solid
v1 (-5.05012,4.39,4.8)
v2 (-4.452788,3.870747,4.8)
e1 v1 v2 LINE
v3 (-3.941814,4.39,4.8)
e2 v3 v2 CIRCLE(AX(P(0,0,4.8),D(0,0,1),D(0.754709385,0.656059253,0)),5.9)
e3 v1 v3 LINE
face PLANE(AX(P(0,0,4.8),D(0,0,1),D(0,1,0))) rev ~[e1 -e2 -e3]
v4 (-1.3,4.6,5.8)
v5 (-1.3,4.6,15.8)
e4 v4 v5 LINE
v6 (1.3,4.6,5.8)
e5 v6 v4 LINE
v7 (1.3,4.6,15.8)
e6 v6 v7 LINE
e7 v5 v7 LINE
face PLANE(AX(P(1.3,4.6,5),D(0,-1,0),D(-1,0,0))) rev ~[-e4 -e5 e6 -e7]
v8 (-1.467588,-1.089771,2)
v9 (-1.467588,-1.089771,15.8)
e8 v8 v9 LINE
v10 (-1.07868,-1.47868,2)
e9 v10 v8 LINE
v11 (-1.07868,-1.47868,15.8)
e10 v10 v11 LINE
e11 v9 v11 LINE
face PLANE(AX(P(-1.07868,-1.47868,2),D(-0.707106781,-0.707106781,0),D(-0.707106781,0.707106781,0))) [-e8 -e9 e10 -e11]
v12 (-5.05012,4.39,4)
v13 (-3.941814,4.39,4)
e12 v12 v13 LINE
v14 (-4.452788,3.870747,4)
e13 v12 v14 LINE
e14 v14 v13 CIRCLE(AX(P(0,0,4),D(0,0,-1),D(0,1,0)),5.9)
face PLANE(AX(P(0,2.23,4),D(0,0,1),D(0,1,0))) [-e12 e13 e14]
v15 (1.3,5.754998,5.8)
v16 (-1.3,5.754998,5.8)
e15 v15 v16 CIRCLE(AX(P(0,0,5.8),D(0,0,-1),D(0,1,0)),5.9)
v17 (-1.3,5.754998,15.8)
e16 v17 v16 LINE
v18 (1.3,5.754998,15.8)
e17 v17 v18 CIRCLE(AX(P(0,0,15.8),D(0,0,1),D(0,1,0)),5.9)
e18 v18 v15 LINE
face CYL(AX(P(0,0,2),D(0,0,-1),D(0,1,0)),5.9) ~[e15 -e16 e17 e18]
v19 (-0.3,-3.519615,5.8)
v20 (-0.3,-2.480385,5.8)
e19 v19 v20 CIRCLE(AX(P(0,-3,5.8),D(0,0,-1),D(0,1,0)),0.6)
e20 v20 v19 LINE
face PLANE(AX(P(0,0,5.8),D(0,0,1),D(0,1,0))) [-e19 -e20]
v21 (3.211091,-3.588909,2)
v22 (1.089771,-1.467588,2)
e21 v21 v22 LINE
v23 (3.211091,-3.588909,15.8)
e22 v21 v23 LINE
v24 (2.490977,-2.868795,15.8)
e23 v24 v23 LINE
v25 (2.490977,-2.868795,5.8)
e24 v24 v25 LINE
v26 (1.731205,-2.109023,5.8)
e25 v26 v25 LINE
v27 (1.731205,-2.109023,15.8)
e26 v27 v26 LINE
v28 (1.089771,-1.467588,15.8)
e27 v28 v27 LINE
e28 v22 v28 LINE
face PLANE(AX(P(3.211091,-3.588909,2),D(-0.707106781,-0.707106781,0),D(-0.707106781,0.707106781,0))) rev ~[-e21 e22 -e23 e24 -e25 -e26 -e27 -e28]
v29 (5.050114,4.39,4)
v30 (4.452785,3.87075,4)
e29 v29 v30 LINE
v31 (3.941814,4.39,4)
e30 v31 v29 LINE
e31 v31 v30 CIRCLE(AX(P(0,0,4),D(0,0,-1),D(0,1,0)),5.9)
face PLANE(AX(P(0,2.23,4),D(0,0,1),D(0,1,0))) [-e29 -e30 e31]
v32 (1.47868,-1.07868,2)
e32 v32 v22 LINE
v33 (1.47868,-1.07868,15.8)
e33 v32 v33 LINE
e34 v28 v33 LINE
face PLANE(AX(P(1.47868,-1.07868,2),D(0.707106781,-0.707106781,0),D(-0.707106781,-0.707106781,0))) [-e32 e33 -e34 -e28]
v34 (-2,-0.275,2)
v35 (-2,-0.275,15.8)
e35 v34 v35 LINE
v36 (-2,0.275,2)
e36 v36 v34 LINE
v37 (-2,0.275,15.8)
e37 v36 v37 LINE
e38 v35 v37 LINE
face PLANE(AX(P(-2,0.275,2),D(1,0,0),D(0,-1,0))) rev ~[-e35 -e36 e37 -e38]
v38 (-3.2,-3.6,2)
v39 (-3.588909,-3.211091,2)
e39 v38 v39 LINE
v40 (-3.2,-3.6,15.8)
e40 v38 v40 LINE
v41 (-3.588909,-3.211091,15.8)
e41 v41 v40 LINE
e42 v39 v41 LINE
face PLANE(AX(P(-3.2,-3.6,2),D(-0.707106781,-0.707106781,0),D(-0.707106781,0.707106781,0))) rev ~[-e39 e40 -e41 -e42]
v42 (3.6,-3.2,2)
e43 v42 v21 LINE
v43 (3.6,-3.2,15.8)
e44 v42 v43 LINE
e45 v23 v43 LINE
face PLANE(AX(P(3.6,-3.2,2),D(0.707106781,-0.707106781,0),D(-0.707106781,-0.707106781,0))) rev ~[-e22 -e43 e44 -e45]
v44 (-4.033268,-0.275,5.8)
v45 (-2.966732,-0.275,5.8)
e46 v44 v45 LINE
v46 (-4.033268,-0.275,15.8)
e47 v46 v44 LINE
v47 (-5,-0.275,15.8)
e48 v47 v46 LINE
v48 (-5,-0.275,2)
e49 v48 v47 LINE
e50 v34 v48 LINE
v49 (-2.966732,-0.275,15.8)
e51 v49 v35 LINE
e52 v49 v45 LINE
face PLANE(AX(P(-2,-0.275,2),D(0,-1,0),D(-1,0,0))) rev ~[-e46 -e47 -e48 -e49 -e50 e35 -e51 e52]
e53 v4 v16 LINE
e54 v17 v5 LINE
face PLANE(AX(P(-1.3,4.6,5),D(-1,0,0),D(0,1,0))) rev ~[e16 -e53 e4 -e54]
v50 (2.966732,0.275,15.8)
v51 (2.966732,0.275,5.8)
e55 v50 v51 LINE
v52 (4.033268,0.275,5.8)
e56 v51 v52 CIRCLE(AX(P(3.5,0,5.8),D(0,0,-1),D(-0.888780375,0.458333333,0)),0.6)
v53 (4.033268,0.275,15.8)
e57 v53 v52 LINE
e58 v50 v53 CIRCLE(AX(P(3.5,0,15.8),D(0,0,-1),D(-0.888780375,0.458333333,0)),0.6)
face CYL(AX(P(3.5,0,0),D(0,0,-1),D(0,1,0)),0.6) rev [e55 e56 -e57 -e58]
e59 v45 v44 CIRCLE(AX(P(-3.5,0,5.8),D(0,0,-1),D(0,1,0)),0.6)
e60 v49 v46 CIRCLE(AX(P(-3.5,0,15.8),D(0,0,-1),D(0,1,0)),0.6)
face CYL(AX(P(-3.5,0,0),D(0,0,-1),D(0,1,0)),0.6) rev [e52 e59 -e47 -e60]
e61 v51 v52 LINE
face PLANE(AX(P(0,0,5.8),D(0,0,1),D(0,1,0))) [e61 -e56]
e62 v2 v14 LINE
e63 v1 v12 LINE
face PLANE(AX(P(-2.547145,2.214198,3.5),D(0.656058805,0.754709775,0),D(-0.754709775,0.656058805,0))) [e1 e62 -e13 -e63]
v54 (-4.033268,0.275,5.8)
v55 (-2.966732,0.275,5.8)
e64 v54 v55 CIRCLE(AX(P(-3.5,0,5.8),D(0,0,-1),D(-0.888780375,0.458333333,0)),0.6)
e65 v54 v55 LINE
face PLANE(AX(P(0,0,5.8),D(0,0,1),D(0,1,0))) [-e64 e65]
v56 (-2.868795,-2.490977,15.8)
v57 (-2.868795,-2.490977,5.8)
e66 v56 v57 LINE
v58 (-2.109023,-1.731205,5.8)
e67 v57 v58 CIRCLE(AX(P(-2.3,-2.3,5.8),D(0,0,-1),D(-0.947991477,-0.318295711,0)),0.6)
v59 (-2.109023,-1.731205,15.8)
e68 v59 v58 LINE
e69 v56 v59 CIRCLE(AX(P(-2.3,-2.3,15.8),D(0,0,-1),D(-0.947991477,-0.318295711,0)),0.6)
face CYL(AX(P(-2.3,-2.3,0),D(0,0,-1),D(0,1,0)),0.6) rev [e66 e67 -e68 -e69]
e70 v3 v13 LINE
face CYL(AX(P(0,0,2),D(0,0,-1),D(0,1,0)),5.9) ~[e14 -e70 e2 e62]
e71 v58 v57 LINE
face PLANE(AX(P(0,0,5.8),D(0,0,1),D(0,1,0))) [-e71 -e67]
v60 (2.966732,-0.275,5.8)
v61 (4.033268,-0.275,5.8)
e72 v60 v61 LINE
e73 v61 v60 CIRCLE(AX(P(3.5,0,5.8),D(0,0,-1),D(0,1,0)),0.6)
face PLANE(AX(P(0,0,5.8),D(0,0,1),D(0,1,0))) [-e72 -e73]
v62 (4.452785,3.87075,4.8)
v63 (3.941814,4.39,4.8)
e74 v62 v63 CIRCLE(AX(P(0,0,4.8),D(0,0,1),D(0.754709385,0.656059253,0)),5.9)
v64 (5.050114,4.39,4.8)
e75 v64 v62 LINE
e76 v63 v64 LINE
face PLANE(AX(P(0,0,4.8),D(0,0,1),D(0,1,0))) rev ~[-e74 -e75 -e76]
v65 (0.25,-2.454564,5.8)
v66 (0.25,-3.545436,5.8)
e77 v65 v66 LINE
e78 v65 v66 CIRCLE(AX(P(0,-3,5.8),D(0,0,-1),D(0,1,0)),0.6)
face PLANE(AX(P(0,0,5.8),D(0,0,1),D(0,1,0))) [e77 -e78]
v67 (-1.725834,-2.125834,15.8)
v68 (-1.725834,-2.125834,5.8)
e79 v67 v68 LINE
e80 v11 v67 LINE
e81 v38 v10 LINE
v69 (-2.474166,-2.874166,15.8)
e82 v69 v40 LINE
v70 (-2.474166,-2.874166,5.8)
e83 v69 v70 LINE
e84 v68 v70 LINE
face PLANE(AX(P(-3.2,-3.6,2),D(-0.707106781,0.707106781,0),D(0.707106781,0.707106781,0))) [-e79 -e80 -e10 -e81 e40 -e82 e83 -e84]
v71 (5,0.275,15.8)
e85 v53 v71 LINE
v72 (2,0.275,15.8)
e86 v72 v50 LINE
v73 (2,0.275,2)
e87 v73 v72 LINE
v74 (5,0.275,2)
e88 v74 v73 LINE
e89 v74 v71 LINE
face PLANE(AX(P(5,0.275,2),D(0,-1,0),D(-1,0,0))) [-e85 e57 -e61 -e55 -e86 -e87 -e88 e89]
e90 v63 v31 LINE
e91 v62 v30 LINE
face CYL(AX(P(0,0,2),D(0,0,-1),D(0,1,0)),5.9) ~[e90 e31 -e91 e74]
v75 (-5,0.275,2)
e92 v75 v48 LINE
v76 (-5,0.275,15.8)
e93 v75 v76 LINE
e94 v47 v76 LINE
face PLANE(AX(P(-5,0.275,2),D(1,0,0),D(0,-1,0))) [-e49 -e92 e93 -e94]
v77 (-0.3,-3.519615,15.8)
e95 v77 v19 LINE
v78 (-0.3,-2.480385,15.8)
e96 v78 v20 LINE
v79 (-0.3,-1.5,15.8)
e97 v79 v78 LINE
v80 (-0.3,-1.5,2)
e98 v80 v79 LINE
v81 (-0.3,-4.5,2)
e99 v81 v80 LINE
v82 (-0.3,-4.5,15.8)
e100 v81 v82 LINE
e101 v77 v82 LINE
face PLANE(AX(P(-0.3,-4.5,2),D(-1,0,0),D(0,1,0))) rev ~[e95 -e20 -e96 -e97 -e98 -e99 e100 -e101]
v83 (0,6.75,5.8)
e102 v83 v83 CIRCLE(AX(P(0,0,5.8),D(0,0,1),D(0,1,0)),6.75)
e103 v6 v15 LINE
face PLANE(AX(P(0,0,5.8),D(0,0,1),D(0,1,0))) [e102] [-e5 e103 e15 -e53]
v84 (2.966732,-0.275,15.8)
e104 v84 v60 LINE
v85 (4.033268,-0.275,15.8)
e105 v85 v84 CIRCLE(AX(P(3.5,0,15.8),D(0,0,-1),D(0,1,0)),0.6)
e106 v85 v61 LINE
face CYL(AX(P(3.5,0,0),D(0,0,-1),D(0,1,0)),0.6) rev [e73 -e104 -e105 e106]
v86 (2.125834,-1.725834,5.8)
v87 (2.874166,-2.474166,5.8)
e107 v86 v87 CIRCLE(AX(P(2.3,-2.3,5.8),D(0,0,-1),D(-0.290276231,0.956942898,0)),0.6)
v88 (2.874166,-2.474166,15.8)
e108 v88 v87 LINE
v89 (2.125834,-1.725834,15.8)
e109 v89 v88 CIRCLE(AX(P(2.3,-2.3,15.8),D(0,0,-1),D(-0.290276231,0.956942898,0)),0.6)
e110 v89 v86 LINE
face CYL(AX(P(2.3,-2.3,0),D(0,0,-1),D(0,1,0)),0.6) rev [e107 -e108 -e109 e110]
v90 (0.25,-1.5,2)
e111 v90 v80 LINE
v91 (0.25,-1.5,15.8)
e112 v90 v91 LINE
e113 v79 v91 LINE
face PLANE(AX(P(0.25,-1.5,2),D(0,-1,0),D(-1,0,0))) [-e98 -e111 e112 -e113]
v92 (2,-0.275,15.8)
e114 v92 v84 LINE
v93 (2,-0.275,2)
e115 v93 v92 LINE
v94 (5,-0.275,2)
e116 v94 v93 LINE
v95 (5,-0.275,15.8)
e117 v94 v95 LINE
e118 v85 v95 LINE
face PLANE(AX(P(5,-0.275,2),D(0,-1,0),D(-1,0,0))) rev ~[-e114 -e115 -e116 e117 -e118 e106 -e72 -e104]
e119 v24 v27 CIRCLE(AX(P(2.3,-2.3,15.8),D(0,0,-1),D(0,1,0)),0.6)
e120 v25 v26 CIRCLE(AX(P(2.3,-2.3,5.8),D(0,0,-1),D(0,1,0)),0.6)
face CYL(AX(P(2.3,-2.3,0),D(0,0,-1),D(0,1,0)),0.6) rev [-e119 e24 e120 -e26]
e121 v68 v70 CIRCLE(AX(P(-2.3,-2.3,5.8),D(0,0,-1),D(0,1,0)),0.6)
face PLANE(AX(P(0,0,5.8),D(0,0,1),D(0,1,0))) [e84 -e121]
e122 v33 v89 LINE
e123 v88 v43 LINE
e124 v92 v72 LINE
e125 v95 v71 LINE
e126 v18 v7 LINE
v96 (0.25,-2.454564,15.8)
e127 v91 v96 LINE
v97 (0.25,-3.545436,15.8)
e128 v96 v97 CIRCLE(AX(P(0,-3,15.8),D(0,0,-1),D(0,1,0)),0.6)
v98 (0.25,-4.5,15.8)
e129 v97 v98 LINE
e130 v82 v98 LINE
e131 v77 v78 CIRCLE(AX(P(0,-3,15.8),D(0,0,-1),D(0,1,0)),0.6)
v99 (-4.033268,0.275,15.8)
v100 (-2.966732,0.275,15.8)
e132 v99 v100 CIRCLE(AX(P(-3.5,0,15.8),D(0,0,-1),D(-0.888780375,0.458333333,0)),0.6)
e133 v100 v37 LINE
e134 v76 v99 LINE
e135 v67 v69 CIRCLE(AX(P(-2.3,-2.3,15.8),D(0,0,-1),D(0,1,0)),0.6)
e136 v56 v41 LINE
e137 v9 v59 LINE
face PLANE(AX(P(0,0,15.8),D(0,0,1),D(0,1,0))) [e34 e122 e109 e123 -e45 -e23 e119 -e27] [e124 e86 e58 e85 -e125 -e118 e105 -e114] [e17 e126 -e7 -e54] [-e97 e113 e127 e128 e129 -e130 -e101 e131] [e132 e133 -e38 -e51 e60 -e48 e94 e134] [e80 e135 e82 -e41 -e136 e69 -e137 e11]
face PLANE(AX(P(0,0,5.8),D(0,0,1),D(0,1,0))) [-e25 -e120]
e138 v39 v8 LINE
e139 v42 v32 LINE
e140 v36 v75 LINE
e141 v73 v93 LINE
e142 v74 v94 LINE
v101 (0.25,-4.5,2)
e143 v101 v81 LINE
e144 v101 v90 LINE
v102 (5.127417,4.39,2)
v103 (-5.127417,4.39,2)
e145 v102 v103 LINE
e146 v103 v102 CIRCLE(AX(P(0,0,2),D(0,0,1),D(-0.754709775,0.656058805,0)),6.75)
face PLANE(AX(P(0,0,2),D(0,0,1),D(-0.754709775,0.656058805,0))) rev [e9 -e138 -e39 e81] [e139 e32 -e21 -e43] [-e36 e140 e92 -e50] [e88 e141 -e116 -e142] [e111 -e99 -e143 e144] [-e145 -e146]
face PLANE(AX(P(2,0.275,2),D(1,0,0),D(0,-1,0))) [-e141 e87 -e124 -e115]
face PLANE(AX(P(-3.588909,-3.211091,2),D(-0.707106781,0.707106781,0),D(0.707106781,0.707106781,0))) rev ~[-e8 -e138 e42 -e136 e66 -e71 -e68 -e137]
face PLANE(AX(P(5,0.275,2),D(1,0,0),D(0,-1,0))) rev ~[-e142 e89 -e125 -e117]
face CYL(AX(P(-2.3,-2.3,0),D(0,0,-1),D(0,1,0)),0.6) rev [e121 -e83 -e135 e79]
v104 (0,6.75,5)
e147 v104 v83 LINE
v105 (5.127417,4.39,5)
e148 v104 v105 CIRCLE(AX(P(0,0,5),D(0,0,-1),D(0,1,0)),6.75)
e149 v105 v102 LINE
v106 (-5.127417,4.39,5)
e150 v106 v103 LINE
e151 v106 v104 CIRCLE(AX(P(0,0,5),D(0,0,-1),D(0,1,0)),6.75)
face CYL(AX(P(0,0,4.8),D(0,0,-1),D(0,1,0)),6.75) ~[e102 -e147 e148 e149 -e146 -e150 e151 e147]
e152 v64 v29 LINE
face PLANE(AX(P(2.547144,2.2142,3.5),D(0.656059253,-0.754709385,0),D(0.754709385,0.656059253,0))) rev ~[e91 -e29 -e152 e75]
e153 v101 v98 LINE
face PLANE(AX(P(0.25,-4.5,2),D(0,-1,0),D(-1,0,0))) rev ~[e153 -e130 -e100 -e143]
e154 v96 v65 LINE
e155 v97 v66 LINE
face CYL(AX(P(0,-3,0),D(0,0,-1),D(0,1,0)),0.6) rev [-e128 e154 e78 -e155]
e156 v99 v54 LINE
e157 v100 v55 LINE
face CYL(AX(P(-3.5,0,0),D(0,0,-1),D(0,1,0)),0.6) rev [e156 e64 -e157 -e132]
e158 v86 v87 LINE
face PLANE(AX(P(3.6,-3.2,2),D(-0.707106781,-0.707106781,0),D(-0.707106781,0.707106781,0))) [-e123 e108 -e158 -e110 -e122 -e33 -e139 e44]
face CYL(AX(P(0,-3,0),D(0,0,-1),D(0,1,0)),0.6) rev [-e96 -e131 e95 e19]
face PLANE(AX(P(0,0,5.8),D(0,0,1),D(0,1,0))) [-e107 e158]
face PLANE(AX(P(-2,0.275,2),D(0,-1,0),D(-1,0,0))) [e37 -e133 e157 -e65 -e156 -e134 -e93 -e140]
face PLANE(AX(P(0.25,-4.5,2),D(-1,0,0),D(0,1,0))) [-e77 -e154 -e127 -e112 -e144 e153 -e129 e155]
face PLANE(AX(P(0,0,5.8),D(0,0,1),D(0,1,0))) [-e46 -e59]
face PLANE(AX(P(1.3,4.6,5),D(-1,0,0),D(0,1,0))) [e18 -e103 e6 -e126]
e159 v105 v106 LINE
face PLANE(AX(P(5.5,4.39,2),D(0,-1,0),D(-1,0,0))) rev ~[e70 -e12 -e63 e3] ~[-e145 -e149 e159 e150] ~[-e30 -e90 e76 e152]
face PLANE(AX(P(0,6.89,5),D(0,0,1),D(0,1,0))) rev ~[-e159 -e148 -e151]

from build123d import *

# Parameters (mm, degrees)
CYLINDER018_R           = 5.9
CYLINDER018_DEPTH       = 13.8
CYLINDER020_R           = 0.6
CYLINDER020_DEPTH       = 16
CYLINDER021_R           = 0.6
CYLINDER021_DEPTH       = 16
BOX008_W                = 1.3
BOX008_H                = 2.6
BOX008_DEPTH            = 11
CYLINDER022_R           = 0.6
CYLINDER022_DEPTH       = 16
CYLINDER023_R           = 0.6
CYLINDER023_DEPTH       = 16
CYLINDER024_R           = 0.6
CYLINDER024_DEPTH       = 16
CYLINDER026_W           = 6.75
CYLINDER026_H           = 3
CYLINDER026_ANGLE       = 262
BOX010_W                = 4.4
BOX010_H                = 10.19
BOX010_DEPTH            = 2
CYLINDER027_R           = 6.75
CYLINDER027_DEPTH       = 1
BOX011_W                = 3
BOX011_H                = 0.55
BOX011_DEPTH            = 14
BOX012_W                = 3
BOX012_H                = 0.55
BOX012_DEPTH            = 14
BOX013_W                = 3
BOX013_H                = 0.55
BOX013_DEPTH            = 14
BOX014_W                = 3
BOX014_H                = 0.55
BOX014_DEPTH            = 14
BOX015_W                = 3
BOX015_H                = 0.55
BOX015_DEPTH            = 14
BOX007_W                = 5
BOX007_H                = 11
BOX007_DEPTH            = 3
BODY018_PLACEMENT_ANGLE = 90


with BuildPart() as part:
    # Cylinder018 → Cylinder018 (join)
    with BuildSketch(Plane.XY.offset(2)):
        Circle(CYLINDER018_R)
    extrude(amount=CYLINDER018_DEPTH)

    # Cylinder020 → Cylinder020 (cut)
    with BuildSketch(Plane(origin=(0, 3.5, 0), x_dir=(1, 0, 0), z_dir=(0, 0, 1))):
        Circle(CYLINDER020_R)
    extrude(amount=CYLINDER020_DEPTH, mode=Mode.SUBTRACT)

    # Cylinder021 → Cylinder021 (cut)
    with BuildSketch(Plane(origin=(0, -3.5, 0), x_dir=(1, 0, 0), z_dir=(0, 0, 1))):
        Circle(CYLINDER021_R)
    extrude(amount=CYLINDER021_DEPTH, mode=Mode.SUBTRACT)

    # Box008 → Box008 (cut)
    with BuildSketch(Plane(origin=(4.6, -1.3, 5), x_dir=(1, 0, 0), z_dir=(0, 0, 1))):
        with Locations((0.65, 1.3)):
            Rectangle(BOX008_W, BOX008_H)
    extrude(amount=BOX008_DEPTH, mode=Mode.SUBTRACT)

    # Cylinder022 → Cylinder022 (cut)
    with BuildSketch(Plane(origin=(-3, 0, 0), x_dir=(1, 0, 0), z_dir=(0, 0, 1))):
        Circle(CYLINDER022_R)
    extrude(amount=CYLINDER022_DEPTH, mode=Mode.SUBTRACT)

    # Cylinder023 → Cylinder023 (cut)
    with BuildSketch(Plane(origin=(-2.3, -2.3, 0), x_dir=(1, 0, 0), z_dir=(0, 0, 1))):
        Circle(CYLINDER023_R)
    extrude(amount=CYLINDER023_DEPTH, mode=Mode.SUBTRACT)

    # Cylinder024 → Cylinder024 (cut)
    with BuildSketch(Plane(origin=(-2.3, 2.3, 0), x_dir=(1, 0, 0), z_dir=(0, 0, 1))):
        Circle(CYLINDER024_R)
    extrude(amount=CYLINDER024_DEPTH, mode=Mode.SUBTRACT)

    # Cylinder026 → Cylinder026 (revolve)
    with BuildSketch(Plane(origin=(0, 0, 2), x_dir=(0.656059, 0.75471, 0), z_dir=(0.75471, -0.656059, 0))):
        with Locations((3.375, 1.5)):
            Rectangle(CYLINDER026_W, CYLINDER026_H)
    revolve(axis=Axis((0, 0, 2), (0, 0, 1)), revolution_arc=CYLINDER026_ANGLE)

    # Box010 → Box010 (join)
    with BuildSketch(Plane(origin=(0.03, -5.095, 2), x_dir=(1, 0, 0), z_dir=(0, 0, 1))):
        with Locations((2.2, 5.095)):
            Rectangle(BOX010_W, BOX010_H)
    extrude(amount=BOX010_DEPTH)

    # Cylinder027 → Cylinder027 (join)
    with BuildSketch(Plane.XY.offset(4.8)):
        Circle(CYLINDER027_R)
    extrude(amount=CYLINDER027_DEPTH)

    # Box011 → Box011 (cut)
    with BuildSketch(Plane(origin=(0.275, -5, 2), x_dir=(0, 1, 0), z_dir=(0, 0, 1))):
        with Locations((1.5, 0.275)):
            Rectangle(BOX011_W, BOX011_H)
    extrude(amount=BOX011_DEPTH, mode=Mode.SUBTRACT)

    # Box012 → Box012 (cut)
    with BuildSketch(Plane(origin=(-3.6, 3.2, 2), x_dir=(0.707107, -0.707107, 0), z_dir=(0, 0, 1))):
        with Locations((1.5, 0.275)):
            Rectangle(BOX012_W, BOX012_H)
    extrude(amount=BOX012_DEPTH, mode=Mode.SUBTRACT)

    # Box013 → Box013 (cut)
    with BuildSketch(Plane(origin=(-4.5, -0.25, 2), x_dir=(1, 0, 0), z_dir=(0, 0, 1))):
        with Locations((1.5, 0.275)):
            Rectangle(BOX013_W, BOX013_H)
    extrude(amount=BOX013_DEPTH, mode=Mode.SUBTRACT)

    # Box014 → Box014 (cut)
    with BuildSketch(Plane(origin=(-3.2, -3.6, 2), x_dir=(0.707107, 0.707107, 0), z_dir=(0, 0, 1))):
        with Locations((1.5, 0.275)):
            Rectangle(BOX014_W, BOX014_H)
    extrude(amount=BOX014_DEPTH, mode=Mode.SUBTRACT)

    # Box015 → Box015 (cut)
    with BuildSketch(Plane(origin=(0.275, 2, 2), x_dir=(0, 1, 0), z_dir=(0, 0, 1))):
        with Locations((1.5, 0.275)):
            Rectangle(BOX015_W, BOX015_H)
    extrude(amount=BOX015_DEPTH, mode=Mode.SUBTRACT)

    # Box007 → Box007 (cut)
    with BuildSketch(Plane(origin=(4.39, -5.5, 2), x_dir=(1, 0, 0), z_dir=(0, 0, 1))):
        with Locations((2.5, 5.5)):
            Rectangle(BOX007_W, BOX007_H)
    extrude(amount=BOX007_DEPTH, mode=Mode.SUBTRACT)


with BuildPart() as part_1:
    # Body018 placement: moved
    add(part.part.rotate(Axis((0, 0, 0), (0, 0, 1)), BODY018_PLACEMENT_ANGLE))


solid = part_1.part
